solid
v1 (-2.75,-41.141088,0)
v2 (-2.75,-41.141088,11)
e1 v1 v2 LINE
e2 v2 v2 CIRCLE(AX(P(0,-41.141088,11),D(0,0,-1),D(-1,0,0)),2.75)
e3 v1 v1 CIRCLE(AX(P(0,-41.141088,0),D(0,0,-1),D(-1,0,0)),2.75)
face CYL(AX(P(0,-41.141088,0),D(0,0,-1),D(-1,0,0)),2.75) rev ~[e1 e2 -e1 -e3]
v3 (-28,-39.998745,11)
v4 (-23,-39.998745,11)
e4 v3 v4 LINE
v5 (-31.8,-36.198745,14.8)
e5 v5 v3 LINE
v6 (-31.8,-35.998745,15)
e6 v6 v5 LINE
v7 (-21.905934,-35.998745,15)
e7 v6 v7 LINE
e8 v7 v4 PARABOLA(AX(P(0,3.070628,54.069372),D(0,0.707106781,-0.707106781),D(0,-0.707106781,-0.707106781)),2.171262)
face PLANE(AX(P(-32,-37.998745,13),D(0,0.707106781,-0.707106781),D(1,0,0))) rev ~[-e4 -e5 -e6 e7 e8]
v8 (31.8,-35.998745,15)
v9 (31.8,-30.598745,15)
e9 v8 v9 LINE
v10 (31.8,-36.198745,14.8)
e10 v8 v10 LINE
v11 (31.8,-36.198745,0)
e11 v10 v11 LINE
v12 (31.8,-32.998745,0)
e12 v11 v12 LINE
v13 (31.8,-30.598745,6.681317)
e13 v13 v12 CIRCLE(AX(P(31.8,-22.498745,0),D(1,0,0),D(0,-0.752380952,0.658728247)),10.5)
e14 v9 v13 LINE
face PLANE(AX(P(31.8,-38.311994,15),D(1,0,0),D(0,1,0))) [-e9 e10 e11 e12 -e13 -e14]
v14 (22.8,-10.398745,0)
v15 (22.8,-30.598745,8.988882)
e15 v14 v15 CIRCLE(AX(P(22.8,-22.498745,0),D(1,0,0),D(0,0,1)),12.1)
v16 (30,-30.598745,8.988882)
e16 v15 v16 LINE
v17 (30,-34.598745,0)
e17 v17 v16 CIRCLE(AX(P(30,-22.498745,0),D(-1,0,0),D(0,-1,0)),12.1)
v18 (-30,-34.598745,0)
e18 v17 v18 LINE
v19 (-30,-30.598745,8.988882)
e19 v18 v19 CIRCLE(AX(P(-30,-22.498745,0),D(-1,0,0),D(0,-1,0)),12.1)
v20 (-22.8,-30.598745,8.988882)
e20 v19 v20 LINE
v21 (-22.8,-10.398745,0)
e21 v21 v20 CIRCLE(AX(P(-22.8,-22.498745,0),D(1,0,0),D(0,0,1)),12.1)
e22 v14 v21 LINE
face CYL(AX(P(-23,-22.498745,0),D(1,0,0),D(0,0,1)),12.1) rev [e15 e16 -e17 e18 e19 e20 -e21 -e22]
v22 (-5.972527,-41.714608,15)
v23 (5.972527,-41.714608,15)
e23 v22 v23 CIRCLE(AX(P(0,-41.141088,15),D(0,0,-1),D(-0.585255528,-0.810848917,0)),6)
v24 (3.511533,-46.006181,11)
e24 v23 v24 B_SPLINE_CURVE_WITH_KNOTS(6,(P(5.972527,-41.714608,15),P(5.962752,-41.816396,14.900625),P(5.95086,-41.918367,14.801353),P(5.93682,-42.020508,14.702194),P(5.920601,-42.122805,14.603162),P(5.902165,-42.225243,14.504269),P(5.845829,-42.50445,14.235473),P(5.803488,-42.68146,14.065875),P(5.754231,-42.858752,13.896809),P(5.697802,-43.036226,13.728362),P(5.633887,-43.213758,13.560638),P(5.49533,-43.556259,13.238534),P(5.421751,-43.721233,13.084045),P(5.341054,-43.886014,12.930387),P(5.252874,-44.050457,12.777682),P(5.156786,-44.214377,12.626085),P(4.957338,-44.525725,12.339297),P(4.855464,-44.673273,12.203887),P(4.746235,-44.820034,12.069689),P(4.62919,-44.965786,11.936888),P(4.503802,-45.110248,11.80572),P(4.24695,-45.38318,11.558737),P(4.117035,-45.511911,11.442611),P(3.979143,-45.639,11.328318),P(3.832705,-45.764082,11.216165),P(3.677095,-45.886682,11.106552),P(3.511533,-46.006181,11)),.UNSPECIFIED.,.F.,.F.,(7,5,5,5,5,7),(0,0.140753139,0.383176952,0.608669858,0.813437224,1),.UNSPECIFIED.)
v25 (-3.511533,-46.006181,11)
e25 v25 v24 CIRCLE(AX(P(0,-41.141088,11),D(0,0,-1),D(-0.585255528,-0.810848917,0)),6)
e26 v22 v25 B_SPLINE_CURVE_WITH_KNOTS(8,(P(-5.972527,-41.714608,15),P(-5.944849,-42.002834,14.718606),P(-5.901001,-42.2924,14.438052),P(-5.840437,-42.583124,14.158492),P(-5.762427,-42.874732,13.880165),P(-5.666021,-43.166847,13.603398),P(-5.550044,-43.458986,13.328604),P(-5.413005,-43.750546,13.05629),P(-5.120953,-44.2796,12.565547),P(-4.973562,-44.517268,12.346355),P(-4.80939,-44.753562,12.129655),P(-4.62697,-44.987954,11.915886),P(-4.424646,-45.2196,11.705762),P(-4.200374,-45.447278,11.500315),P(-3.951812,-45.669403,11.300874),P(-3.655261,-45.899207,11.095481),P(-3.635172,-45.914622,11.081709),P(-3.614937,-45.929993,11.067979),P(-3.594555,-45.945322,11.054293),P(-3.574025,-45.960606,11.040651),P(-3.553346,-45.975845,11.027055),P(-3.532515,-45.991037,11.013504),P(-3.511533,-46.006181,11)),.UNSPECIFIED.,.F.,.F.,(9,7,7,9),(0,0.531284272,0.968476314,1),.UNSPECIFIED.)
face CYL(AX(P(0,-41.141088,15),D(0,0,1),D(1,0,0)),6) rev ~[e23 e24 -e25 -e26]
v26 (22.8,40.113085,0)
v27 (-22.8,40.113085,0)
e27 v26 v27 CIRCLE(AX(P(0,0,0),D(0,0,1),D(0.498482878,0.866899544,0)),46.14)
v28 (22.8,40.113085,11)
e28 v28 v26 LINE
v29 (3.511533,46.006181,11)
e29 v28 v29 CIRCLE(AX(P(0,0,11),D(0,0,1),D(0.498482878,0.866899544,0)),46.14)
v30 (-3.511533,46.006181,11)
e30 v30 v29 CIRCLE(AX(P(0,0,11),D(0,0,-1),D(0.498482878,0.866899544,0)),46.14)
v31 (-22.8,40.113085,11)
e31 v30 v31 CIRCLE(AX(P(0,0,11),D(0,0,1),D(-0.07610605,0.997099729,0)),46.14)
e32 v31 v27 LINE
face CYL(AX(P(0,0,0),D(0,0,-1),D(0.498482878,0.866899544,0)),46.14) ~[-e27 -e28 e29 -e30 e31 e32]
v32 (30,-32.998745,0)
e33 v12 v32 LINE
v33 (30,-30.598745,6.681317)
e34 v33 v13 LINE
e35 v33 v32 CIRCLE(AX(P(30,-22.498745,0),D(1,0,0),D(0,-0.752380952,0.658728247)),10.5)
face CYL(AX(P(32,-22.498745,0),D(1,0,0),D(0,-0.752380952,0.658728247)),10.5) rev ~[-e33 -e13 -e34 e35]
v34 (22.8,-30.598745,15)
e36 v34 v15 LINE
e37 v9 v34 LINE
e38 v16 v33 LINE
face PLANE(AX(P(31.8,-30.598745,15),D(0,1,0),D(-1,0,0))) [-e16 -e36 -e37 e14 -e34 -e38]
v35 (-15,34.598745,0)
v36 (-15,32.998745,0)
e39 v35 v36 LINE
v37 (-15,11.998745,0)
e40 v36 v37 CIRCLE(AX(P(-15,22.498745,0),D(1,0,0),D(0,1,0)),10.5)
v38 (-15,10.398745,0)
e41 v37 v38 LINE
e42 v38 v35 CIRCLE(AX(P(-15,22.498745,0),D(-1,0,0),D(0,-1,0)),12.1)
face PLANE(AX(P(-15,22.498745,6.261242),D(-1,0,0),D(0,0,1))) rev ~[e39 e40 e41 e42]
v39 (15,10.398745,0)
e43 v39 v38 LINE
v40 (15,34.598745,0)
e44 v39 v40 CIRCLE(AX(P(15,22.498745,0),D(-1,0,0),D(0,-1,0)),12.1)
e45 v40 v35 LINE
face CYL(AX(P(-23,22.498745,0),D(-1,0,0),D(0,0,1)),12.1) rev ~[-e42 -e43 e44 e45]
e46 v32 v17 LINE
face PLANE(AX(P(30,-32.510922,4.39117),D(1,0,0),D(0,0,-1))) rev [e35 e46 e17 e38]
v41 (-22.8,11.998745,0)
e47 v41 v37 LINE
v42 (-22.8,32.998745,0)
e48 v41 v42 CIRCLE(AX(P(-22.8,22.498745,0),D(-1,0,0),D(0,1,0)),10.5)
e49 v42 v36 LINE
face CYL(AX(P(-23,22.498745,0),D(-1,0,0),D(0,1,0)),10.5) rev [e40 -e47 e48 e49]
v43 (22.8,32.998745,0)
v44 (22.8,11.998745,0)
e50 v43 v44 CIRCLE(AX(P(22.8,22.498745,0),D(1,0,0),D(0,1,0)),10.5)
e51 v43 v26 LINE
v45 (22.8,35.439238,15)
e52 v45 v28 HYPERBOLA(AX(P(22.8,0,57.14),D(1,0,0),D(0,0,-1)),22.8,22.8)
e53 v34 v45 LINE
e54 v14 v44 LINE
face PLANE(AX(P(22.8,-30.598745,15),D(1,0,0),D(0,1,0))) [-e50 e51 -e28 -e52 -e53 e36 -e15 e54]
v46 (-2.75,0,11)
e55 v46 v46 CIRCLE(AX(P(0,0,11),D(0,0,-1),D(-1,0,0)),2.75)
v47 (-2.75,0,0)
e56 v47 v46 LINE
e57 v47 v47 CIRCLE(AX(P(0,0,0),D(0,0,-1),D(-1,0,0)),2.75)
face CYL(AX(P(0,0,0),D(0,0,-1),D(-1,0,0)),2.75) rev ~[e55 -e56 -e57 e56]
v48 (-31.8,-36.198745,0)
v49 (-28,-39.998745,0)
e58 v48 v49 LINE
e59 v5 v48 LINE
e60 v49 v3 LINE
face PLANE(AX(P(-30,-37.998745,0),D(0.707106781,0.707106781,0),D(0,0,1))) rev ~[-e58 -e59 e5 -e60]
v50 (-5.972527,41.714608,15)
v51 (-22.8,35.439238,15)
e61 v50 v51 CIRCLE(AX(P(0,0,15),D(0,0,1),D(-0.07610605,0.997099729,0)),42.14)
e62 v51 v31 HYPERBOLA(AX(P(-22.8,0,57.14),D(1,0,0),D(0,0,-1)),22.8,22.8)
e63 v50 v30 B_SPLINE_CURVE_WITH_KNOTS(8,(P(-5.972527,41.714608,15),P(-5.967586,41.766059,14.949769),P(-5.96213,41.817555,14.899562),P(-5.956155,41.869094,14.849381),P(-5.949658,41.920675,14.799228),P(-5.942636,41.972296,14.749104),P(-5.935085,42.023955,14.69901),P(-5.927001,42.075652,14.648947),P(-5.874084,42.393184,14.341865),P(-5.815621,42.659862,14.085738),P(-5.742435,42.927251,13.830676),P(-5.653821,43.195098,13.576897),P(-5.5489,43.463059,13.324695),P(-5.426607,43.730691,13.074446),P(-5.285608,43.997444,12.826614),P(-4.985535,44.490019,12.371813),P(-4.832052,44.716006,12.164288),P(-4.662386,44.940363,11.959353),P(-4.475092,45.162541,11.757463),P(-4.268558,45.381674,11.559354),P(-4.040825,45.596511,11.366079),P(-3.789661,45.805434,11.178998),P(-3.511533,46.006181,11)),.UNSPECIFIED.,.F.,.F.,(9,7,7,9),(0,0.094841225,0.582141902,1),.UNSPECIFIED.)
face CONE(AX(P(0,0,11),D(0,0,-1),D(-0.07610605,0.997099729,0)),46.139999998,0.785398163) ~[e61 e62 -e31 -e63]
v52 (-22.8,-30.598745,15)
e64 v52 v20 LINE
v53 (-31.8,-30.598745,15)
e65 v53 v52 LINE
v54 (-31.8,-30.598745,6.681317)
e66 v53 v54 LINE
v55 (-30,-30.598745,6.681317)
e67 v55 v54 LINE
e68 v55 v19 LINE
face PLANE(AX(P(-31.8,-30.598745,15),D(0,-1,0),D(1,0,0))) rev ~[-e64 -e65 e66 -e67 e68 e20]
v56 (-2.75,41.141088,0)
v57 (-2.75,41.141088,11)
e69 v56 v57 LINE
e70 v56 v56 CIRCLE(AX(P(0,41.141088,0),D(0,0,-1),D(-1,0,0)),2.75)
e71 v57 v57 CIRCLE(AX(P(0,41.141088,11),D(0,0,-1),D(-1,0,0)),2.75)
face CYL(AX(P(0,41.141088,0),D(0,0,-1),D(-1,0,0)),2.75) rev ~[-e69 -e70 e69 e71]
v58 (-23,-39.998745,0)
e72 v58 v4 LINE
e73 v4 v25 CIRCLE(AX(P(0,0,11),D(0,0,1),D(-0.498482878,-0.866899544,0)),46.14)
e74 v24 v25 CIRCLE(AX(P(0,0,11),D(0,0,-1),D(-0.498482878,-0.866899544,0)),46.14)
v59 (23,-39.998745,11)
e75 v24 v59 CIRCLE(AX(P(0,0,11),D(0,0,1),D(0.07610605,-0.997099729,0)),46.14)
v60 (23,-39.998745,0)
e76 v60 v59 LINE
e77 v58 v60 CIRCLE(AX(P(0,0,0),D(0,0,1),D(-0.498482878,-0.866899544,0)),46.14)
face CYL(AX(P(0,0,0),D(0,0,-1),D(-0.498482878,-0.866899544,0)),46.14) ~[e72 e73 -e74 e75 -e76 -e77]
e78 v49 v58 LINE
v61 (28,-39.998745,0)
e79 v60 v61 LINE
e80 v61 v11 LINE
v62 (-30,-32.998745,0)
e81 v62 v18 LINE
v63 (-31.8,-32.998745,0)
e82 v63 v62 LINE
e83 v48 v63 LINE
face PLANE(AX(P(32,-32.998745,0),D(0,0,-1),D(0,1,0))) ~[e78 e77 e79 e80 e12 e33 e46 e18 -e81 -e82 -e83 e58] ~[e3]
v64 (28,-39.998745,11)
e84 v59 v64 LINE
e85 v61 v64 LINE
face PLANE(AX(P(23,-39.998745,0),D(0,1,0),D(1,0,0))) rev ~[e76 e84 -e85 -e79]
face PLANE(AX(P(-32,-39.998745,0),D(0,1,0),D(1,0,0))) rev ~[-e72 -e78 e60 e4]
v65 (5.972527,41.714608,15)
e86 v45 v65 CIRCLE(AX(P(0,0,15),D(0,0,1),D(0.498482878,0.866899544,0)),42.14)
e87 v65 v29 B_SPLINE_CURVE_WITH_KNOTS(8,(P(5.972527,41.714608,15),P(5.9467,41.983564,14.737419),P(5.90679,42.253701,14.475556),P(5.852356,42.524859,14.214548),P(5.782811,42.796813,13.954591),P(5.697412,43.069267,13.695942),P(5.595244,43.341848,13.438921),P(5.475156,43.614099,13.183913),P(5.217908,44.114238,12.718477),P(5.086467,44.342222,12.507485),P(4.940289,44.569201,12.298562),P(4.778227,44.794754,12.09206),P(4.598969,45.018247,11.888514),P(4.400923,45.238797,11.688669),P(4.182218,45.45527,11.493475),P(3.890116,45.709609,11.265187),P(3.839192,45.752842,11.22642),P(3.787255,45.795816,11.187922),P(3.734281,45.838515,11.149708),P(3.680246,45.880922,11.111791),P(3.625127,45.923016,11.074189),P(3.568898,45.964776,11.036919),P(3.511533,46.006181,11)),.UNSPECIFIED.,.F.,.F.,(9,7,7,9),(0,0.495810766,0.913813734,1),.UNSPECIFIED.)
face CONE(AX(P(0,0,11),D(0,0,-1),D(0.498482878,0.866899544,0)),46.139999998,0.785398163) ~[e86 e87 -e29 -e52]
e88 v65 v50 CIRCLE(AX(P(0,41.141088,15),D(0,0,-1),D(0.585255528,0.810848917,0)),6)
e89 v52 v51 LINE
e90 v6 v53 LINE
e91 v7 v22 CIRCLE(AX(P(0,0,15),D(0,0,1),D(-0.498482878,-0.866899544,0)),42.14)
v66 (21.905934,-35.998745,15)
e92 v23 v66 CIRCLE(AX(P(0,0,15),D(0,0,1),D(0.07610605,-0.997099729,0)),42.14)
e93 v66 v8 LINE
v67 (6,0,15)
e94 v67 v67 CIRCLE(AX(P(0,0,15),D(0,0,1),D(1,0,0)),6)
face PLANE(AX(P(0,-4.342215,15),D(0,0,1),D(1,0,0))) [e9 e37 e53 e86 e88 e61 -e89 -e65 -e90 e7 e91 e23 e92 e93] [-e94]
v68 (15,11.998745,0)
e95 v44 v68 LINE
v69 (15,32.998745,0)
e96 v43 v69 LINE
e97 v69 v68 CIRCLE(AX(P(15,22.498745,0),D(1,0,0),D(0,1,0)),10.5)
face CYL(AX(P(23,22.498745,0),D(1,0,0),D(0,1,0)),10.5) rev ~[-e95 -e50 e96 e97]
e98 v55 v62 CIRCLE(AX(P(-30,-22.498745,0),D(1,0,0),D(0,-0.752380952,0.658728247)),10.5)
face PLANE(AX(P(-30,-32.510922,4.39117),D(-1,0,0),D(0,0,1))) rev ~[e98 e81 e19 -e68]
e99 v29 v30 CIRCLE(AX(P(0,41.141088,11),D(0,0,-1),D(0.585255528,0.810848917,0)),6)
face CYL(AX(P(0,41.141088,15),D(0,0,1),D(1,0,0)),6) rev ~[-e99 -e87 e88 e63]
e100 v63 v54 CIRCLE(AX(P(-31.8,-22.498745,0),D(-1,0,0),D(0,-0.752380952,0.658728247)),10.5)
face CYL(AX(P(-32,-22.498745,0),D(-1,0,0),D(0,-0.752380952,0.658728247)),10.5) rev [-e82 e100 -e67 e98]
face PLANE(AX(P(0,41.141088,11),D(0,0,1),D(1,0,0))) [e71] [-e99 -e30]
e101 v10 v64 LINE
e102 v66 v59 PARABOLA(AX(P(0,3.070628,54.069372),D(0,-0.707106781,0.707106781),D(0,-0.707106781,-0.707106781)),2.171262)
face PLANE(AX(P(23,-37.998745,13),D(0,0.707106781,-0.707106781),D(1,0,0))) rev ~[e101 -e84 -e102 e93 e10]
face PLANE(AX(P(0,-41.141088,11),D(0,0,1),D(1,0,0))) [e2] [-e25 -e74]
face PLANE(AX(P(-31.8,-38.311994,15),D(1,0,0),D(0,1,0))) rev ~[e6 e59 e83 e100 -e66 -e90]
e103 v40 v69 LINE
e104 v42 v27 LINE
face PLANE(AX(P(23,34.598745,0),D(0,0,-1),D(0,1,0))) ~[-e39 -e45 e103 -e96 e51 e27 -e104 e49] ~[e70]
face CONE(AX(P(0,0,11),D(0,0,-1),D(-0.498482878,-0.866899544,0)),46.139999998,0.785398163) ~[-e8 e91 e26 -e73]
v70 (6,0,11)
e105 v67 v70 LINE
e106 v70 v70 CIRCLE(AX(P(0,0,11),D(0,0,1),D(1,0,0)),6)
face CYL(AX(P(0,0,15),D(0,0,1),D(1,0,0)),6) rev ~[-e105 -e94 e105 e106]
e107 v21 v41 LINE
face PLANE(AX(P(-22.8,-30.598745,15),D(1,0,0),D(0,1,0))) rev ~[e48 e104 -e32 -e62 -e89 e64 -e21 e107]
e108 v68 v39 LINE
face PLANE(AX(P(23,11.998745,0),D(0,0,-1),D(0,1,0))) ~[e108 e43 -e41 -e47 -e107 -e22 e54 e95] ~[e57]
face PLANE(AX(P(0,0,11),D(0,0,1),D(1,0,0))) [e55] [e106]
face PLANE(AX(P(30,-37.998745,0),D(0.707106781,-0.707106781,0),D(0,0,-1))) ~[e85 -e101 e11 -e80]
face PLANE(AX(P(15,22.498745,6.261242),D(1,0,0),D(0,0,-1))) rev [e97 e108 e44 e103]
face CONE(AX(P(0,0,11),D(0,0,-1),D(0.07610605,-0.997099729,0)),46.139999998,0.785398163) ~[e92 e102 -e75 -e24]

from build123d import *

# Parameters (mm, degrees)
BOSS_EXTRUDE1_DEPTH     = 15
SKETCH7_R               = 12.1
CUT_EXTRUDE3_DEPTH      = 71.5
SKETCH8_R               = 12.1
CUT_EXTRUDE4_DEPTH      = 71.5
CUT_EXTRUDE4_DEPTH_BACK = 71.5
BOSS_EXTRUDE4_DEPTH     = 8
BOSS_EXTRUDE5_DEPTH     = 2
SKETCH11_R              = 2.75
CUT_EXTRUDE5_DEPTH      = 24
SKETCH12_R              = 6
CUT_EXTRUDE6_DEPTH      = 4
CHAMFER1_SIZE           = 4
CUT_EXTRUDE7_DEPTH      = 28


with BuildPart() as part:
    # Sketch1 → Boss-Extrude1 (new body)
    with BuildSketch(Plane.XY):
        with BuildLine():
            Line((-23, -30.39874498), (-32, -30.39874498))
            Line((-32, -30.39874498), (-32, -39.99874498))
            Line((-32, -39.99874498), (-23, -39.99874498))
            ThreePointArc((-23, -39.99874498), (0, -46.14), (23, -39.99874498))
            Line((23, -39.99874498), (32, -39.99874498))
            Line((32, -39.99874498), (32, -30.39874498))
            Line((32, -30.39874498), (23, -30.39874498))
            Line((23, -30.39874498), (23, 39.99874498))
            ThreePointArc((23, 39.99874498), (0, 46.14), (-23, 39.99874498))
            Line((-23, 39.99874498), (-23, -30.39874498))
        make_face()
    extrude(amount=BOSS_EXTRUDE1_DEPTH)

    # Sketch7 → Cut-Extrude3 (cut)
    with BuildSketch(Plane.ZY.offset(23)):
        with Locations((0, 22.49874498)):
            Circle(SKETCH7_R)
    extrude(amount=-CUT_EXTRUDE3_DEPTH, mode=Mode.SUBTRACT)

    # Sketch8 → Cut-Extrude4 (cut, two sides)
    with BuildSketch(Plane.ZY.offset(23)) as cut_extrude4_sk:
        with Locations((0, -22.49874498)):
            Circle(SKETCH8_R)
    extrude(amount=CUT_EXTRUDE4_DEPTH, mode=Mode.SUBTRACT)
    extrude(cut_extrude4_sk.sketch, amount=-CUT_EXTRUDE4_DEPTH_BACK, mode=Mode.SUBTRACT)

    # Sketch9 → Boss-Extrude4 (add)
    with BuildSketch(Plane.ZY.offset(23)):
        with BuildLine():
            Line((0, 34.59874498), (0, 32.99874498))
            ThreePointArc((0, 32.99874498), (10.5, 22.49874498), (0, 11.99874498))
            Line((0, 11.99874498), (0, 10.39874498))
            ThreePointArc((0, 10.39874498), (12.1, 22.49874498), (0, 34.59874498))
        make_face()
    boss_extrude4 = extrude(amount=-BOSS_EXTRUDE4_DEPTH)

    # Sketch10 → Boss-Extrude5 (add)
    with BuildSketch(Plane.ZY.offset(32)):
        with BuildLine():
            Line((0, -32.99874498), (0, -34.59874498))
            ThreePointArc((0, -34.59874498), (5.040833264, -33.49874498), (9.16515139, -30.39874498))
            Line((9.16515139, -30.39874498), (6.916646586, -30.39874498))
            ThreePointArc((6.916646586, -30.39874498), (3.69459064, -32.327274881), (0, -32.99874498))
        make_face()
    boss_extrude5 = extrude(amount=-BOSS_EXTRUDE5_DEPTH)

    # Mirror1: Boss-Extrude4, Boss-Extrude5 across plane
    add(boss_extrude4.mirror(Plane(origin=(0, 0, 0), x_dir=(0, 0, 1), z_dir=(1, 0, 0))))
    add(boss_extrude5.mirror(Plane(origin=(0, 0, 0), x_dir=(0, 0, 1), z_dir=(1, 0, 0))))

    # Sketch11 → Cut-Extrude5 (cut)
    with BuildSketch(Plane(origin=(0, 0, 0), x_dir=(-1, 0, 0), z_dir=(0, 0, -1))):
        Circle(SKETCH11_R)
        with Locations((0, 41.14108798)):
            Circle(SKETCH11_R)
        with Locations((0, -41.14108798)):
            Circle(SKETCH11_R)
    extrude(amount=-CUT_EXTRUDE5_DEPTH, mode=Mode.SUBTRACT)

    # Sketch12 → Cut-Extrude6 (cut)
    with BuildSketch(Plane.XY.offset(15)):
        Circle(SKETCH12_R)
        with Locations((0, -41.14108798)):
            Circle(SKETCH12_R)
        with Locations((0, 41.14108798)):
            Circle(SKETCH12_R)
    extrude(amount=-CUT_EXTRUDE6_DEPTH, mode=Mode.SUBTRACT)

    # Chamfer1
    chamfer1_edges = [part.edges().sort_by_distance(p)[0] for p in [
        (-13.591823685, 44.092651643, 15),
        (13.591823685, 44.092651643, 15),
        (13.591823685, -44.092651643, 15),
        (27.5, -39.99874498, 15),
        (32, -39.99874498, 7.5),
        (-13.591823685, -44.092651643, 15),
        (-27.5, -39.99874498, 15),
        (-32, -39.99874498, 7.5),
    ]]
    chamfer(chamfer1_edges, length=CHAMFER1_SIZE)

    # Sketch13 → Cut-Extrude7 (cut)
    with BuildSketch(Plane.XY.offset(15)):
        Polygon((31.8, -38.311994276), (31.8, -30.59874498), (22.8, -30.59874498), (22.8, 43.889056734), (37.227618098, 33.583615236), (38.561263468, -37.220829882), align=None)
        Polygon((-37.227618098, 33.583615236), (-38.561263468, -37.220829882), (-31.8, -38.311994276), (-31.8, -30.59874498), (-22.8, -30.59874498), (-22.8, 43.889056734), align=None)
    extrude(amount=-CUT_EXTRUDE7_DEPTH, mode=Mode.SUBTRACT)


solid = part.part
